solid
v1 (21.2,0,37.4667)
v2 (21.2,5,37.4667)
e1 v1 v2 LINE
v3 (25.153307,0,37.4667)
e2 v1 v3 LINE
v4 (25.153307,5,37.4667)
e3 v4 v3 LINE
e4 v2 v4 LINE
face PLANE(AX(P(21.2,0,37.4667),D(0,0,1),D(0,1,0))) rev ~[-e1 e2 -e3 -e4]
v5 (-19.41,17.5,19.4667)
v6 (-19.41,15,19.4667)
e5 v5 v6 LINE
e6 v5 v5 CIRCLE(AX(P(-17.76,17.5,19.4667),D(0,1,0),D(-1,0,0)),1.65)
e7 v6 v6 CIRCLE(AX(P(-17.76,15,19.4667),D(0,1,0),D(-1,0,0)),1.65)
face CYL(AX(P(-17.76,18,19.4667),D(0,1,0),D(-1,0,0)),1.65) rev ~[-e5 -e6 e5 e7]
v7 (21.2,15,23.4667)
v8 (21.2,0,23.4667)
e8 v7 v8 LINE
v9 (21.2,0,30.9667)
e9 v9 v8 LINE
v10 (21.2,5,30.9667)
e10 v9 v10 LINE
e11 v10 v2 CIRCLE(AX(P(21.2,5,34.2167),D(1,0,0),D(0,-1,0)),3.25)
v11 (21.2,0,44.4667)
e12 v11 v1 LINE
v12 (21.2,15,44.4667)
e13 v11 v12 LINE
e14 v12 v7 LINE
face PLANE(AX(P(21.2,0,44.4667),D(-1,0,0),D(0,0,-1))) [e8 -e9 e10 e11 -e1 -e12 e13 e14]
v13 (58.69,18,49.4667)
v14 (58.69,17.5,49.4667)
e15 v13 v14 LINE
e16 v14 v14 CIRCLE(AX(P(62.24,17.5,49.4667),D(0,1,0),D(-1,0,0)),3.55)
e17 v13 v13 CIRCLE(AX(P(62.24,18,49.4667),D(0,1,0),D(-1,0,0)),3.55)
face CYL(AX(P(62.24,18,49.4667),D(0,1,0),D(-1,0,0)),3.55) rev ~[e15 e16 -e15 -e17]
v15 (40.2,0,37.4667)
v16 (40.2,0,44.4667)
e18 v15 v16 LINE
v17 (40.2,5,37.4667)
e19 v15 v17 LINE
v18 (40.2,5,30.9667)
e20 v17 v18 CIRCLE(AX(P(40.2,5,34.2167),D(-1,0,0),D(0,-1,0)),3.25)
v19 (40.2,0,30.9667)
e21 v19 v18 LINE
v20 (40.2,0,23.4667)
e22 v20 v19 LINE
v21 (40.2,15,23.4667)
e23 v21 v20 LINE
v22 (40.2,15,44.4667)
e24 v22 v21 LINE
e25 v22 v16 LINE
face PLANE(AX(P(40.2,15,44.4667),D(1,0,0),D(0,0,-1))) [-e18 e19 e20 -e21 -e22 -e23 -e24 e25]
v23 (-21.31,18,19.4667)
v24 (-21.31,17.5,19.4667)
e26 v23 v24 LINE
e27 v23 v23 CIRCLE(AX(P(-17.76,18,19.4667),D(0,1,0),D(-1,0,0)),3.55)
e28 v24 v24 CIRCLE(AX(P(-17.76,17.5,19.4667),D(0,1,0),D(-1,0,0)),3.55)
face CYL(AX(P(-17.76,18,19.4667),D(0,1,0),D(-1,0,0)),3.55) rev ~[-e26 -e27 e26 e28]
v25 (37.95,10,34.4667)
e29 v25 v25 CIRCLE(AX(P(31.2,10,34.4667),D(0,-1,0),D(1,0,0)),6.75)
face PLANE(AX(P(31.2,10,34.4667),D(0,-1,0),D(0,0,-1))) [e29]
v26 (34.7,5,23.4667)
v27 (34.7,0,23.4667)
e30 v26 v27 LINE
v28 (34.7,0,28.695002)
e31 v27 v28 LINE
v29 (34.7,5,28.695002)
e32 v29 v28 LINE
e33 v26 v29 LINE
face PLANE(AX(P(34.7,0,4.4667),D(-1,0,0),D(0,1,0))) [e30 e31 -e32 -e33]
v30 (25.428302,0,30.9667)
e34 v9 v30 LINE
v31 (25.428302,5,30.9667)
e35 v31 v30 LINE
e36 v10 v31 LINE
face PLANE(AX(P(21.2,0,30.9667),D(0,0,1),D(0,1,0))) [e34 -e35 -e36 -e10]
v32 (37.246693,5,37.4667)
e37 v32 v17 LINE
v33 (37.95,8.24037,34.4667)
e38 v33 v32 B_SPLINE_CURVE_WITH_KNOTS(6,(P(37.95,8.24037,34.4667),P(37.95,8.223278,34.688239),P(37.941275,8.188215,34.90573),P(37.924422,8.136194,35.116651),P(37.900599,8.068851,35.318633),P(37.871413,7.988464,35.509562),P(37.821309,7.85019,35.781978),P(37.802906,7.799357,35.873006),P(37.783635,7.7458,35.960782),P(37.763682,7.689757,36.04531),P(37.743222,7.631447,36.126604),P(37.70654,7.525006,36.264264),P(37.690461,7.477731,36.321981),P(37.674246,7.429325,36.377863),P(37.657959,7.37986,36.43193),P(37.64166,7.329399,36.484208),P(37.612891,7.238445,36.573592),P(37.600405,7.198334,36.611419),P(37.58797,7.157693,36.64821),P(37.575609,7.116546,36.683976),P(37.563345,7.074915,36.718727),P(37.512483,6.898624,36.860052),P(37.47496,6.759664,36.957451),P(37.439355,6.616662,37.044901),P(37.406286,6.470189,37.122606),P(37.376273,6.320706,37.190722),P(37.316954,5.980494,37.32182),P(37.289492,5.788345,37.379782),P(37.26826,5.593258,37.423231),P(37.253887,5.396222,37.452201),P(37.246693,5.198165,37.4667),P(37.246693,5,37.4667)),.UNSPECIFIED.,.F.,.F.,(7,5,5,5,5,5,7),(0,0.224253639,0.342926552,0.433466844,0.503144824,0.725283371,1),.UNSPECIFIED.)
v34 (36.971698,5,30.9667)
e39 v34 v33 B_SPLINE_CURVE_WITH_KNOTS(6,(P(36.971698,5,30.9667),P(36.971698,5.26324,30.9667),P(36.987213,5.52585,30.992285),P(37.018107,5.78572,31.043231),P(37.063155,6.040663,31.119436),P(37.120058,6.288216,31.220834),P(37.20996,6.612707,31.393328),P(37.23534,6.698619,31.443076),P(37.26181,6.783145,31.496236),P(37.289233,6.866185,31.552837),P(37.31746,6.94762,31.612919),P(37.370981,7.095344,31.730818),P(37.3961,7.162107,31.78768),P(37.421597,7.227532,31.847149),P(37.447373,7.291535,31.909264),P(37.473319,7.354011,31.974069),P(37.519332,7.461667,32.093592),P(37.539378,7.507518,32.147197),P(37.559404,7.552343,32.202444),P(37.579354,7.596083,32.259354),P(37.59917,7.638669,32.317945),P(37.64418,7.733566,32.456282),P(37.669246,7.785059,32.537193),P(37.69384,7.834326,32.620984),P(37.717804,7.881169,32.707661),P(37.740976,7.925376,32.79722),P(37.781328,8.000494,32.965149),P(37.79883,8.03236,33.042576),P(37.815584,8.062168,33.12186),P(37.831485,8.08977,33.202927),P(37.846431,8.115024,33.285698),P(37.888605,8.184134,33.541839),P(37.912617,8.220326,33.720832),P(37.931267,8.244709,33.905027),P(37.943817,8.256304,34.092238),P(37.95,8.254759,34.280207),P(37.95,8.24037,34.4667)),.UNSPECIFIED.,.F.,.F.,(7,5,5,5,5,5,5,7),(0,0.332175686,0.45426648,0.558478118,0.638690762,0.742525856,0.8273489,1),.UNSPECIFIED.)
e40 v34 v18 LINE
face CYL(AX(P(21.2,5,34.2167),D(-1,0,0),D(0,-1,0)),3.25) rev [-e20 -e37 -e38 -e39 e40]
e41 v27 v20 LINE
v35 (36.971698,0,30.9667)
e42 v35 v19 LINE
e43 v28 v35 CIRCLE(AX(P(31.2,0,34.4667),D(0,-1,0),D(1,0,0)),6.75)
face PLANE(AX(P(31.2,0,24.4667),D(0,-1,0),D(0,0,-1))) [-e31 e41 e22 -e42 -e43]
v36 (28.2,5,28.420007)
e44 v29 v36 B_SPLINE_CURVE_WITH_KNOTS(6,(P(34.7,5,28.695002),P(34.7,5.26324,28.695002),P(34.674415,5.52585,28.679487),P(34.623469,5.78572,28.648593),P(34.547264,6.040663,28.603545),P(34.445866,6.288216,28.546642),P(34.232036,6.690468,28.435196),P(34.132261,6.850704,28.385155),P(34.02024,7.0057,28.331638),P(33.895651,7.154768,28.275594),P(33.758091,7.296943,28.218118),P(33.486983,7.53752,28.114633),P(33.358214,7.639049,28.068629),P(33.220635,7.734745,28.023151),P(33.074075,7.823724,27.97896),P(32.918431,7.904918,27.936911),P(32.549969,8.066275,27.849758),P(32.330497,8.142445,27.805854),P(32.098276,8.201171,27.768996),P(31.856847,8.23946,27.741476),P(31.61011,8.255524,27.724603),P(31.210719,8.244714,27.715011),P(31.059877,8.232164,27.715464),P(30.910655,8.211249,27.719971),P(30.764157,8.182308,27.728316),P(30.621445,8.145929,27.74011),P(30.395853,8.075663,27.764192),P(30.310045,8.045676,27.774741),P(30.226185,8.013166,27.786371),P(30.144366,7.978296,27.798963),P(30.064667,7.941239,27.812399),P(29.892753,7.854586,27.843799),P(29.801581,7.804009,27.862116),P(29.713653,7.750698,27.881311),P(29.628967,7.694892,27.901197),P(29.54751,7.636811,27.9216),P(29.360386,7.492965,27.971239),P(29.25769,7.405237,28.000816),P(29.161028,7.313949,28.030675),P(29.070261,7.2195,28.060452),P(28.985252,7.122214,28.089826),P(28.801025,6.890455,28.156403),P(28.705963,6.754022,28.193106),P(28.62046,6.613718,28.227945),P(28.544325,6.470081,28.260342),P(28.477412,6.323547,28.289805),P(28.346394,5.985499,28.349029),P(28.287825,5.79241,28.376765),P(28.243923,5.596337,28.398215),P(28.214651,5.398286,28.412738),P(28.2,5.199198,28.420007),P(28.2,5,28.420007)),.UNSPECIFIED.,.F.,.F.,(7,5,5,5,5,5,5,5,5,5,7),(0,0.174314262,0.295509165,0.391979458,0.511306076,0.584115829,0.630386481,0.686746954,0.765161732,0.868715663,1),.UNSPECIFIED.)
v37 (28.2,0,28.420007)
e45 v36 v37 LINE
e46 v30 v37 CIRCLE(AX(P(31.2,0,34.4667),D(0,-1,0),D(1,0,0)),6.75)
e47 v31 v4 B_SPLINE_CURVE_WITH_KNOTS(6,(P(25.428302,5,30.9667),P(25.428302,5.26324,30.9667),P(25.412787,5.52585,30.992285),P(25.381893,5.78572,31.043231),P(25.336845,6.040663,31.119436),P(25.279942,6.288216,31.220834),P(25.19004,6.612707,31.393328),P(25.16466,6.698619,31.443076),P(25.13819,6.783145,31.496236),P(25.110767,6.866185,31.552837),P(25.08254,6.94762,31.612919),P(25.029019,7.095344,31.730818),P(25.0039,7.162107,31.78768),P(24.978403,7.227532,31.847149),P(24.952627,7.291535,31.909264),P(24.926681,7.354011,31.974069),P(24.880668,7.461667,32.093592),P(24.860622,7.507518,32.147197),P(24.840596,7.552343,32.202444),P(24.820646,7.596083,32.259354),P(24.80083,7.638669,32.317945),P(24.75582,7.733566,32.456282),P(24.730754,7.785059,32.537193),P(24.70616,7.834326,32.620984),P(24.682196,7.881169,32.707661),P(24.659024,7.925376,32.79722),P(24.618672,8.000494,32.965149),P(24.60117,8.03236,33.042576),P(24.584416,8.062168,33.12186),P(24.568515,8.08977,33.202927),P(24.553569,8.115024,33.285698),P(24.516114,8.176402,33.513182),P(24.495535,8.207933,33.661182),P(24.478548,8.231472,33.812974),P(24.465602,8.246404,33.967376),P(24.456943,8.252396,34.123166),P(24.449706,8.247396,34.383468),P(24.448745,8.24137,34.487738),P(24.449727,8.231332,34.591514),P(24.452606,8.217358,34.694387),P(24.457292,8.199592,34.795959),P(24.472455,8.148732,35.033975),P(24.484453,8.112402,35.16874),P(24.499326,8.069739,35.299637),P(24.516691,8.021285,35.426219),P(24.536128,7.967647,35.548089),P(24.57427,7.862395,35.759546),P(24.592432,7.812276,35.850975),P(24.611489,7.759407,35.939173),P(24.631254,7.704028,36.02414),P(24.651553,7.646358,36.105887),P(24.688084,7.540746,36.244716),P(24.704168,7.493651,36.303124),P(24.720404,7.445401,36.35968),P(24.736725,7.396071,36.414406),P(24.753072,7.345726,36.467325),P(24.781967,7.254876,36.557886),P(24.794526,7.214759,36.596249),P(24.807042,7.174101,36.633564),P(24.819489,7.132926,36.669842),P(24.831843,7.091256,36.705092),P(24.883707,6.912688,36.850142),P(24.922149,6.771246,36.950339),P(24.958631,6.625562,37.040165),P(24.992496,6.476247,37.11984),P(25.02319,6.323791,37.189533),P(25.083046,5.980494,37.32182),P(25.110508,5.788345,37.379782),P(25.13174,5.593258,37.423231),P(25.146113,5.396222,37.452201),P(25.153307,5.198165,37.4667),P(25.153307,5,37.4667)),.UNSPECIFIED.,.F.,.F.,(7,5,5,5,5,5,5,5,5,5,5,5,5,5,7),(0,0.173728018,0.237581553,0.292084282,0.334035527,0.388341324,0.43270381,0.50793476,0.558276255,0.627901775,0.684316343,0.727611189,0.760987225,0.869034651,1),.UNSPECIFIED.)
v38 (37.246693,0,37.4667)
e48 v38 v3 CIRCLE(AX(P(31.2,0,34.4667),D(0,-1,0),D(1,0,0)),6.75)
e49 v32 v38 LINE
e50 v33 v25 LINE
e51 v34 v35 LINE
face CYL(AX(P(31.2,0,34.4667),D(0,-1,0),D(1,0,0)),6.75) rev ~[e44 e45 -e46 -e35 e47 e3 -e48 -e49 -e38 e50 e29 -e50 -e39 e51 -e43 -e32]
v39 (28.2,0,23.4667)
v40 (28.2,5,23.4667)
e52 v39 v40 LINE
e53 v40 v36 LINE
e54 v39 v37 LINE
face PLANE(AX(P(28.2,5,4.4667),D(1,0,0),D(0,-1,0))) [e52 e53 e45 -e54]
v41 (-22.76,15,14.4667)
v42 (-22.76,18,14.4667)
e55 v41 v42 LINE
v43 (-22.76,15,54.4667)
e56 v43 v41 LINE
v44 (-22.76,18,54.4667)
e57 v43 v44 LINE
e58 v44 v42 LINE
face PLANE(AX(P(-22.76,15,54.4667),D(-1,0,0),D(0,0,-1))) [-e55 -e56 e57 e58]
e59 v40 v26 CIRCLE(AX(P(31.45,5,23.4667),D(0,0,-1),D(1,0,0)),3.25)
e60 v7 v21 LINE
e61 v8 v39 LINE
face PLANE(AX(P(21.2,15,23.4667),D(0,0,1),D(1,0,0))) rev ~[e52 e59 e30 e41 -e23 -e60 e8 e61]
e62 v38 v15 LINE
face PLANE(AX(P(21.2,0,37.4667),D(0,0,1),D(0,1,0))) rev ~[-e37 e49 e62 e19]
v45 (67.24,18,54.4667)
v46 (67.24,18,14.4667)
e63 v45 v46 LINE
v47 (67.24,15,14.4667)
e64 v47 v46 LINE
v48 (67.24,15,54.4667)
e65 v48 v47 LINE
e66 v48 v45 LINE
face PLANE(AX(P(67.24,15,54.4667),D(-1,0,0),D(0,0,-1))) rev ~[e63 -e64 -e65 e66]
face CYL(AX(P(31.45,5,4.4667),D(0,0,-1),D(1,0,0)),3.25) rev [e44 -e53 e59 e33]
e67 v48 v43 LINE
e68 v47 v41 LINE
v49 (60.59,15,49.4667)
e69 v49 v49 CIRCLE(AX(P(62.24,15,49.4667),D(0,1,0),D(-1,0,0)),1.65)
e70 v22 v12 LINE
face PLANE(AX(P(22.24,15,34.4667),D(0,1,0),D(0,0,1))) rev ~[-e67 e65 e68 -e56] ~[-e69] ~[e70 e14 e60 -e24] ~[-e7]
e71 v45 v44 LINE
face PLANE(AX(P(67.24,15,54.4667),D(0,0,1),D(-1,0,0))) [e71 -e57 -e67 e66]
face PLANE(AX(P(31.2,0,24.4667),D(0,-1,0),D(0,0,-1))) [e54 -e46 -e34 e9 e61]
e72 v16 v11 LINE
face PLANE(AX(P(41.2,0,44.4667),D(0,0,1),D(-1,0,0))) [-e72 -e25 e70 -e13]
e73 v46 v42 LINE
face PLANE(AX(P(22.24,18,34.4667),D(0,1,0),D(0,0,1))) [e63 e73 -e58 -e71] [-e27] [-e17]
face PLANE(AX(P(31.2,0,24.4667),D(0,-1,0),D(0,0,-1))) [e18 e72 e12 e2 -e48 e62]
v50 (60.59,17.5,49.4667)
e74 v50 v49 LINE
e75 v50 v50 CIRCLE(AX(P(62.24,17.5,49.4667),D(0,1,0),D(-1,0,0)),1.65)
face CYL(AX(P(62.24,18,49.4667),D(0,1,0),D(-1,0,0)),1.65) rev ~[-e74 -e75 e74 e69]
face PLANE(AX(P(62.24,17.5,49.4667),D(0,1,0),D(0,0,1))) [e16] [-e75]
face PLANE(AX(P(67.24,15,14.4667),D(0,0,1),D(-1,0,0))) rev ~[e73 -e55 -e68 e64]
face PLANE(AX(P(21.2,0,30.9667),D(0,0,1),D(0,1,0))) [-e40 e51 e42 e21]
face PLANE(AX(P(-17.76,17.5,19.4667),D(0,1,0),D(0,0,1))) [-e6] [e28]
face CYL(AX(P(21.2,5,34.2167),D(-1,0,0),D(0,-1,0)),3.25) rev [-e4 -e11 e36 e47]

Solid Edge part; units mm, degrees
sketch "Sketch1" plane through (0, 0, 0) normal (0, -1, 0) x (1, 0, 0)
  line L0 (21.2, 4.4667) -> (41.2, 4.4667)
  line L1 (41.2, 4.4667) -> (41.2, 44.4667)
  line L2 (41.2, 44.4667) -> (21.2, 44.4667)
  line L3 (21.2, 44.4667) -> (21.2, 4.4667)
  dimension "D1" = 20
  dimension "D2" = 40
extrude "Protrusion1" add sketch "Sketch1" against normal blind 15
sketch "Sketch2" plane through (31.2, 0, 24.4667) normal (0, -1, 0) x (1, 0, 0)
  circle A0 centre (0, 10) radius 6.75
  dimension "D1" = 13.5
  dimension "D2" = 10
extrude "ExtrudedCutout_1" cut sketch "Sketch2" against normal blind 10
sketch "Sketch3" plane through (21.2, 7.5, 24.4667) normal (-1, 0, 0) x (0, -1, 0)
  line L0 (7.5, 13) -> (2.5, 13)
  arc A0 (2.5, 6.5) -> (2.5, 13) centre (2.5, 9.75) cw
  line L1 (7.5, 6.5) -> (2.5, 6.5)
  line L2 (7.5, 13) -> (7.5, 6.5)
  dimension "D1" = 7
  dimension "D2" = 5
  dimension "D3" = 6.5
  dimension "D4" = 5
extrude "Cutout1" cut sketch "Sketch3" against normal through all
sketch "Sketch4" plane through (31.2, 15, 24.4667) normal (0, 1, 0) x (-1, 0, 0)
  line L0 (-10, 20) -> (-9, 20)
  line L1 (-9, 20) -> (-9, -20)
  line L2 (-9, -20) -> (-10, -20)
  line L3 (-10, -20) -> (-10, 20)
  dimension "D1" = 1
extrude "Cutout2" cut sketch "Sketch4" against normal through all
sketch "Sketch5" plane through (28.2, 7.5, 4.4667) normal (0, 0, -1) x (1, 0, 0)
  line L0 (6.5, 7.5) -> (6.5, 2.5)
  arc A0 (6.5, 2.5) -> (0, 2.5) centre (3.25, 2.5) cw
  line L1 (0, 2.5) -> (0, 7.5)
  line L2 (6.5, 7.5) -> (0, 7.5)
  dimension "D1" = 6.5
extrude "Cutout3" cut sketch "Sketch5" against normal up to next
sketch "Sketch6" plane through (28.2, 15, 24.4667) normal (0, 1, 0) x (-1, 0, 0)
  line L0 (-12, -20) -> (7, -20)
  line L1 (7, -20) -> (7, -1)
  line L2 (7, -1) -> (-12, -1)
  line L3 (-12, -1) -> (-12, -20)
  dimension "D1" = 19
extrude "Cutout4" cut sketch "Sketch6" against normal up to next
sketch "Sketch7" plane through (28.2, 15, 33.9667) normal (0, 1, 0) x (-1, 0, 0)
  line L0 (-39.04, 20.5) -> (-39.04, -19.5)
  line L1 (-39.04, -19.5) -> (50.96, -19.5)
  line L2 (50.96, 20.5) -> (50.96, -19.5)
  line L3 (-39.04, 20.5) -> (50.96, 20.5)
  dimension "D1" = 40
  dimension "D2" = 36.04
  dimension "D3" = 90
  dimension "D4" = 40
extrude "ExtrudedProtrusion_2" add sketch "Sketch7" along normal blind 3
sketch "Sketch8" plane through (19.24, 18, 34.4667) normal (0, 1, 0) x (-1, 0, 0)
  circle A0 centre (-43, 15) radius 1.65
  circle A1 centre (37, -15) radius 1.65
  dimension "D1" = 3.3
  dimension "D2" = 5
  dimension "D3" = 5
  dimension "D4" = 3.3
  dimension "D5" = 5
  dimension "D6" = 5
extrude "Cutout5" cut sketch "Sketch8" against normal through all
sketch "Sketch9" plane through (19.24, 18, 34.4667) normal (0, 1, 0) x (-1, 0, 0)
  circle A0 centre (-43, 15) radius 3.55
  circle A1 centre (37, -15) radius 3.55
extrude "ExtrudedCutout_9" cut sketch "Sketch9" against normal blind 0.5
